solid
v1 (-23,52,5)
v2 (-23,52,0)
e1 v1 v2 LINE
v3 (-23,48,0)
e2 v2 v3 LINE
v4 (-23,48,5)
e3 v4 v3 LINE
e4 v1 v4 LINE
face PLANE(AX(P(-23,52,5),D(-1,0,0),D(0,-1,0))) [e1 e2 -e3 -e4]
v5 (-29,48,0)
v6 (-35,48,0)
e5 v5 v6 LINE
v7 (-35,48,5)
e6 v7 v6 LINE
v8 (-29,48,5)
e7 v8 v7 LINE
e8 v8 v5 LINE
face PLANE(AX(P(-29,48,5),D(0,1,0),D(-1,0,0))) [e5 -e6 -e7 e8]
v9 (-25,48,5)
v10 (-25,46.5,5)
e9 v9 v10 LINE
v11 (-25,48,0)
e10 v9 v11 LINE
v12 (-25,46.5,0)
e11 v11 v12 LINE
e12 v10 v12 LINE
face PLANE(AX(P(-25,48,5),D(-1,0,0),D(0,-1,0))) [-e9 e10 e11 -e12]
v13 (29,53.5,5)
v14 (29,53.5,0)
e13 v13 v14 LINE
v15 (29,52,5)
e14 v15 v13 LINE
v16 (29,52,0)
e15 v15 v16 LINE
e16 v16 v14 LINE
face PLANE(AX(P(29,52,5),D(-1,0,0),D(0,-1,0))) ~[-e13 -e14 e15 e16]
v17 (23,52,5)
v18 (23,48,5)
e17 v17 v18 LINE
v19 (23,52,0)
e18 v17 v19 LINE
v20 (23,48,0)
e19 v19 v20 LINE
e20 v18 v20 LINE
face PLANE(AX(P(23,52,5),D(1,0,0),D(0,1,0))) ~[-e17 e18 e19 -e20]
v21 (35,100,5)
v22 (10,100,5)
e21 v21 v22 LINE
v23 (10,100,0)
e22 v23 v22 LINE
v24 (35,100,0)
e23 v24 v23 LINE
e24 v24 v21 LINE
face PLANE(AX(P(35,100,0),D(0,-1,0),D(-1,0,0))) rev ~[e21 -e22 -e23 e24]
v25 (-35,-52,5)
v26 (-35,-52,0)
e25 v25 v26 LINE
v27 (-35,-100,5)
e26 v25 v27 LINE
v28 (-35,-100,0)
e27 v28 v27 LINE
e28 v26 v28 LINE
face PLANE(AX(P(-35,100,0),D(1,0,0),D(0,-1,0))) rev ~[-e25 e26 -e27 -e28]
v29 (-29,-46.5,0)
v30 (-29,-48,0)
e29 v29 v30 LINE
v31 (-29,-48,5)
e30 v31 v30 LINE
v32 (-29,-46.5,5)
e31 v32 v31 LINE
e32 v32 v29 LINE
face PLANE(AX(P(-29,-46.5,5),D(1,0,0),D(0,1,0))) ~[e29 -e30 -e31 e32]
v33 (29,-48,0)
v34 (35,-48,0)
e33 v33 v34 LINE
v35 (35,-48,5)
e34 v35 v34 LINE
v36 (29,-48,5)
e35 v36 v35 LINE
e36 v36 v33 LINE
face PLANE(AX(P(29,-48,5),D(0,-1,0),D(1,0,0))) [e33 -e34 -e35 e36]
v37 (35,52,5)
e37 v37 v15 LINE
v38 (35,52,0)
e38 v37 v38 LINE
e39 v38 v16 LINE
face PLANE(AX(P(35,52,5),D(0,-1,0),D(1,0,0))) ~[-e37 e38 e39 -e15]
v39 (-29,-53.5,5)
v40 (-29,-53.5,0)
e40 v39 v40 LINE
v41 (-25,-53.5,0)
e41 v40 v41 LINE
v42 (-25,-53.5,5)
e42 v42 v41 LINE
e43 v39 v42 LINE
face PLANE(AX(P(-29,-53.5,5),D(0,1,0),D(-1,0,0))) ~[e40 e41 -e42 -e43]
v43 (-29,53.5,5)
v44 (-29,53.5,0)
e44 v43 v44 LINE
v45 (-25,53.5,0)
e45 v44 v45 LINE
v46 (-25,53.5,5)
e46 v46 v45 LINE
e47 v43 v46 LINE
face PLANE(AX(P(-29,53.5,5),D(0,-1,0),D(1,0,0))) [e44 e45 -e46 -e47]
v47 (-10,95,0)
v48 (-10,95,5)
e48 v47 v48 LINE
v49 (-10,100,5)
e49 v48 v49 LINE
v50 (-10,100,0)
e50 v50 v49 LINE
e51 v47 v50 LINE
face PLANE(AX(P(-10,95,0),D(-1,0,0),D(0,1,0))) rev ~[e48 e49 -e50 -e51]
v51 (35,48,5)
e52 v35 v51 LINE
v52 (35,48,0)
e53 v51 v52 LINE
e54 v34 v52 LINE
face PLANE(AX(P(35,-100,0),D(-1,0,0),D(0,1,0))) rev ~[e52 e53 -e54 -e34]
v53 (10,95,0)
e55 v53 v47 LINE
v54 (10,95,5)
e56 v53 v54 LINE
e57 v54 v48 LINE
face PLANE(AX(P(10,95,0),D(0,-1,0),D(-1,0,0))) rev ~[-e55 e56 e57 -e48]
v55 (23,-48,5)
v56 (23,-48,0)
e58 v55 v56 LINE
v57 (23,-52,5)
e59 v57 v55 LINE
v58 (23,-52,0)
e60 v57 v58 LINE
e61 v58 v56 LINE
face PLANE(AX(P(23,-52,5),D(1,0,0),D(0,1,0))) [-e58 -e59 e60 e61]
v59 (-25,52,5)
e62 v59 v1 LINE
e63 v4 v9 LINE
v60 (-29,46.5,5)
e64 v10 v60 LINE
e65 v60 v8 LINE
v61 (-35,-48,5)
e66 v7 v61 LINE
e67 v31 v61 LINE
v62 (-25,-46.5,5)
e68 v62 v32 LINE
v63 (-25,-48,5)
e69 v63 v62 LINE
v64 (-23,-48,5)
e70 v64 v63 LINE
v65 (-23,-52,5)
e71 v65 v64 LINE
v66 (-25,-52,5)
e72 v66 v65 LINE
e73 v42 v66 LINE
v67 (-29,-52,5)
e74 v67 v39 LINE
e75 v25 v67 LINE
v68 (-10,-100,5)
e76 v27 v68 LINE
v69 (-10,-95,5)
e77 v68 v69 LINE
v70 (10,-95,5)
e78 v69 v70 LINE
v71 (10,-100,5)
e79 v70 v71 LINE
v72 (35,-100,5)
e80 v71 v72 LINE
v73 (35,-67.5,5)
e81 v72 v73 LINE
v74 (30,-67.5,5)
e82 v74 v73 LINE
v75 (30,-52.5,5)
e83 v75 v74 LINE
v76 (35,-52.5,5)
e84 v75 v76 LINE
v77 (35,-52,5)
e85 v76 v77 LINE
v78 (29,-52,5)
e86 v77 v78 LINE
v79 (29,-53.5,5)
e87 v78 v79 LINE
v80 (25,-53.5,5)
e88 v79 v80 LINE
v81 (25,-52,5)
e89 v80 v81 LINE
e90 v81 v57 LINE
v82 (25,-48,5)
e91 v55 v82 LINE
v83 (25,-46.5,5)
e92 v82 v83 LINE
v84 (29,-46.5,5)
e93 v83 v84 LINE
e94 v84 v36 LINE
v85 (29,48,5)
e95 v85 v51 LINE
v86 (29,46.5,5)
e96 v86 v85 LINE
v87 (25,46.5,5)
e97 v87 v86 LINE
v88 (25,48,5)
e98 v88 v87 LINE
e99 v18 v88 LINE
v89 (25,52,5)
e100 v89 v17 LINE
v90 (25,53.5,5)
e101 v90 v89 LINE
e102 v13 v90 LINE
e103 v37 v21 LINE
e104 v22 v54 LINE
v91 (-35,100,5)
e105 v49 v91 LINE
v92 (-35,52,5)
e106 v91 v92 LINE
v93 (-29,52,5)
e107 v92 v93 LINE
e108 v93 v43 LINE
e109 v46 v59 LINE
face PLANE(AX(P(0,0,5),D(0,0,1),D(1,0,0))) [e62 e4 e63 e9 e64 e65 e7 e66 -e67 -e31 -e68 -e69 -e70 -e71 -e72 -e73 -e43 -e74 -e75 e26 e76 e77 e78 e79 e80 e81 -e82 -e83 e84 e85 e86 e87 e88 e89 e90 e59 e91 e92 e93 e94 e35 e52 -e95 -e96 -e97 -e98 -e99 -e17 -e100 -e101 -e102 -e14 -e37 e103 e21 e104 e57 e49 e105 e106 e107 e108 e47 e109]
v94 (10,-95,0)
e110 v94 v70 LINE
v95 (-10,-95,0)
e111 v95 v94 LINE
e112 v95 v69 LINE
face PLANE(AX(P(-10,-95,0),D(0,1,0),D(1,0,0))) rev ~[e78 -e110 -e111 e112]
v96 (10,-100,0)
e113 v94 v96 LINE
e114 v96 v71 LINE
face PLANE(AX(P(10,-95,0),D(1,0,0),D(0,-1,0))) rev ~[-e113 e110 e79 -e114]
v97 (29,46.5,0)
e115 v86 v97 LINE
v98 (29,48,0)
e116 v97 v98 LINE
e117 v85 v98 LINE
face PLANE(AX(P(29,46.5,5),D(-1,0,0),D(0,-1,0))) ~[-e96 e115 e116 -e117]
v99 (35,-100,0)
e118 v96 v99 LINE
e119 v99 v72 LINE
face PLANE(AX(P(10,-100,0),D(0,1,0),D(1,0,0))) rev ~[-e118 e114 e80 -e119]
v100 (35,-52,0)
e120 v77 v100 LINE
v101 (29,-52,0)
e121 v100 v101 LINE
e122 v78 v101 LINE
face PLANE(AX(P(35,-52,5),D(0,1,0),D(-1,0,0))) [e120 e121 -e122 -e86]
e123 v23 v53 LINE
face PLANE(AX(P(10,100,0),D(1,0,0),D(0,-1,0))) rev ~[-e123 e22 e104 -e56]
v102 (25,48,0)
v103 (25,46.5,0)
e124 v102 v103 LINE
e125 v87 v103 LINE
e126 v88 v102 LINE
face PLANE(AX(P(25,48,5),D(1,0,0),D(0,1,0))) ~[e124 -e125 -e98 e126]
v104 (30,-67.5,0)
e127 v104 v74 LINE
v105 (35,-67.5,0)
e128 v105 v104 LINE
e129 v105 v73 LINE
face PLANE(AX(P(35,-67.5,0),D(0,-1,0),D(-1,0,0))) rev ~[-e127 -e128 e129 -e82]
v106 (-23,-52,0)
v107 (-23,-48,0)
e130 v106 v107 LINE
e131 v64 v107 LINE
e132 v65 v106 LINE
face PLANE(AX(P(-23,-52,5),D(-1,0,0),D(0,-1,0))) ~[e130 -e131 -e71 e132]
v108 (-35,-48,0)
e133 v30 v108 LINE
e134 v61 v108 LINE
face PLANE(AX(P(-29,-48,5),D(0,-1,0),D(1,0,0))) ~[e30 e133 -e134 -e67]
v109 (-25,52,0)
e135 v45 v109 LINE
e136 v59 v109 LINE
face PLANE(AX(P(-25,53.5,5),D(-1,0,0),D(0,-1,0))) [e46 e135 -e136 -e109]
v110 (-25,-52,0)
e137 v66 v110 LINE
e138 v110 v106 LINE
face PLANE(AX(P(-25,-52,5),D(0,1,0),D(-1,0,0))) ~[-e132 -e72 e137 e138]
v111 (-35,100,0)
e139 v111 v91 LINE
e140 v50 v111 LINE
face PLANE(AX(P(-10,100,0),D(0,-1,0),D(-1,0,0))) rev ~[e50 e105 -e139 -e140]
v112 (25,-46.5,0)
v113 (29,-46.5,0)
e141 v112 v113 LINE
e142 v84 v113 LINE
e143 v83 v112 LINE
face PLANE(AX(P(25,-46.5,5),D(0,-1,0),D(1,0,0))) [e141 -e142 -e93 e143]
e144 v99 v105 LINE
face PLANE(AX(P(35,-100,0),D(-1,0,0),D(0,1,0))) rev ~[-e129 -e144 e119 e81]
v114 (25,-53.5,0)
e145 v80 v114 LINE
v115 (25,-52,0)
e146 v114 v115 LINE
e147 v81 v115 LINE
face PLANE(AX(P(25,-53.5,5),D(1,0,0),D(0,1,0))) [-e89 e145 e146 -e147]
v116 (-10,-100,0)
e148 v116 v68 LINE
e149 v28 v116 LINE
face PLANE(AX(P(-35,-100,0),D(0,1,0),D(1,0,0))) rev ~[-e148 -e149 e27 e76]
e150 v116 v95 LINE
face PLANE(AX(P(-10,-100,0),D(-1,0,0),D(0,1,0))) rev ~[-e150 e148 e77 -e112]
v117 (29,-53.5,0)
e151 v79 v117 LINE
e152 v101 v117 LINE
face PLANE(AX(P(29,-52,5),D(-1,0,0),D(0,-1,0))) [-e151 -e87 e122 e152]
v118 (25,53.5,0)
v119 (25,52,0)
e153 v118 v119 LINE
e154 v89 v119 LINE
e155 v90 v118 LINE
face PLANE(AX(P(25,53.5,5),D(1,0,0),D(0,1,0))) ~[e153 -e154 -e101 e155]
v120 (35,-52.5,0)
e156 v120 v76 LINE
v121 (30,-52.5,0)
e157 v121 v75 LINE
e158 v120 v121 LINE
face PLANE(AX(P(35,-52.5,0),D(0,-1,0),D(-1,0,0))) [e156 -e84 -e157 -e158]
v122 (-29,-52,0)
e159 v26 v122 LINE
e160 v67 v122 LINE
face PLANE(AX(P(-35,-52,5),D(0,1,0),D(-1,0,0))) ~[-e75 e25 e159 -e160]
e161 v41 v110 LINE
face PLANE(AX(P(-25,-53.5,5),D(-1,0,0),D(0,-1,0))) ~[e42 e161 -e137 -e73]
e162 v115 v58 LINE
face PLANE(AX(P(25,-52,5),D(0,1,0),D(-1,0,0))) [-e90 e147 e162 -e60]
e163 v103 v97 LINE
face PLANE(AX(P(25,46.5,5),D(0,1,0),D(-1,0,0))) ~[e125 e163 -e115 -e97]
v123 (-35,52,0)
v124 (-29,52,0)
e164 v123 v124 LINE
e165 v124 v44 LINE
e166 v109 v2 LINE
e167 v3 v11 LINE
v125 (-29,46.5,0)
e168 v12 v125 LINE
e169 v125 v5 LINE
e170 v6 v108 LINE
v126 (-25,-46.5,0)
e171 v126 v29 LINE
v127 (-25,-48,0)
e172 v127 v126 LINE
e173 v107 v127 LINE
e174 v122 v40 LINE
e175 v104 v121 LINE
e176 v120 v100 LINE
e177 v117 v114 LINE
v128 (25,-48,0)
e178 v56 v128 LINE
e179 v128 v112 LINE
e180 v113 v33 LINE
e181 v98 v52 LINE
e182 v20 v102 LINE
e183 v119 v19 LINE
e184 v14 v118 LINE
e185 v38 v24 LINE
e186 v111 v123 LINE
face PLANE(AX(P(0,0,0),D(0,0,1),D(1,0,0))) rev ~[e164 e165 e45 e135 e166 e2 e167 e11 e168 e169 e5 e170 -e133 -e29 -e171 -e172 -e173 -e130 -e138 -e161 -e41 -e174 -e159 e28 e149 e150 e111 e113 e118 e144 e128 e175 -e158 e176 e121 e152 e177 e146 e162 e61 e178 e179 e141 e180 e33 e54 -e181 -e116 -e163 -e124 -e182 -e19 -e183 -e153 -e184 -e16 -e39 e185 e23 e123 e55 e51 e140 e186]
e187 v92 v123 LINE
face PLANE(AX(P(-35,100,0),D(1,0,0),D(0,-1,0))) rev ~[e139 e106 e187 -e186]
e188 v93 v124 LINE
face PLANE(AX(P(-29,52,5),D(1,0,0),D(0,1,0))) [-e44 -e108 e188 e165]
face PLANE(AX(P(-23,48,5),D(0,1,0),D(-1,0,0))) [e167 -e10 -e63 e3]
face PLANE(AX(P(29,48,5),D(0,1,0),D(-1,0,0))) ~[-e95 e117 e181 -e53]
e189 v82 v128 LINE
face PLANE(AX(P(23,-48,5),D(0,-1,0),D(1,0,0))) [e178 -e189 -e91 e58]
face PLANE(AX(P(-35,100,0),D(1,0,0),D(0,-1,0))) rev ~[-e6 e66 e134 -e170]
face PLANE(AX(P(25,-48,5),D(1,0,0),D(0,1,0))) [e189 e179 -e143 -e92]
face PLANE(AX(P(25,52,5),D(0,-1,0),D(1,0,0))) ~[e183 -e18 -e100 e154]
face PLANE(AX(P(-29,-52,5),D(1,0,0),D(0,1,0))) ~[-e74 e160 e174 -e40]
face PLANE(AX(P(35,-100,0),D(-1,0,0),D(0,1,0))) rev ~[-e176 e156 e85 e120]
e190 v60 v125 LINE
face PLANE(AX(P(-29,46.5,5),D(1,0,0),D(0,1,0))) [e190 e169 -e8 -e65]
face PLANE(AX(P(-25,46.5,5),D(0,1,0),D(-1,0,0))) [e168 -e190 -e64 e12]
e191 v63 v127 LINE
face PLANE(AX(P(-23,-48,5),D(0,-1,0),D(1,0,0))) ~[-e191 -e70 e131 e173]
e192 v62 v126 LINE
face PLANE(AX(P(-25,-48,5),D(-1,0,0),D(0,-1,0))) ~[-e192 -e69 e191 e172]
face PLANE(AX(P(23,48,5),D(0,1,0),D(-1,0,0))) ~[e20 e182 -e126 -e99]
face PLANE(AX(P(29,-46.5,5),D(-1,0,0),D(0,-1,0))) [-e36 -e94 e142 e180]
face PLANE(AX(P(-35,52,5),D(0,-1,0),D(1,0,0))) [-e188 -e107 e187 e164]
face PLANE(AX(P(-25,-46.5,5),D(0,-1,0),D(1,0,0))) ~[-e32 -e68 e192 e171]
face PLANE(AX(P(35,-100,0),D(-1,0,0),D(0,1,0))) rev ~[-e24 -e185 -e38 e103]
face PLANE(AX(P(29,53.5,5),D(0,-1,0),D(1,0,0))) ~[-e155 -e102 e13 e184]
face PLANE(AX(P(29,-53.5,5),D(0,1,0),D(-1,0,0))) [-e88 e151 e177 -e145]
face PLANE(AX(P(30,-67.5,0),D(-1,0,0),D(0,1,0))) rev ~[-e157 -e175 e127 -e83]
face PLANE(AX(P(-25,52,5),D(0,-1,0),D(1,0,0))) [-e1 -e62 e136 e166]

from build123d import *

# Parameters (mm, degrees)
BOSS_EXTRUDE1_DEPTH  = 5
CUT_EXTRUDE1_DEPTH   = 10
MIRROR2_COPY_1_DEPTH = 10
SKETCH4_W            = 5
SKETCH4_H            = 15
CUT_EXTRUDE2_DEPTH   = 10


with BuildPart() as part:
    # Sketch2 → Boss-Extrude1 (new body)
    with BuildSketch(Plane.XY):
        Polygon((-10, 100), (-35, 100), (-35, -100), (-10, -100), (-10, -95), (10, -95), (10, -100), (35, -100), (35, 100), (10, 100), (10, 95), (-10, 95), align=None)
    extrude(amount=BOSS_EXTRUDE1_DEPTH)

    # Sketch3 → Cut-Extrude1 (cut)
    with BuildSketch(Plane.XY.offset(5)):
        Polygon((35, -52), (29, -52), (29, -53.5), (25, -53.5), (25, -52), (23, -52), (23, -48), (25, -48), (25, -46.5), (29, -46.5), (29, -48), (35, -48), align=None)
    cut_extrude1 = extrude(amount=-CUT_EXTRUDE1_DEPTH, mode=Mode.SUBTRACT)

    # Mirror1: Cut-Extrude1 across plane
    add(cut_extrude1.mirror(Plane.ZX), mode=Mode.SUBTRACT)

    # Mirror2: Cut-Extrude1 across plane
    add(cut_extrude1.mirror(Plane(origin=(0, 0, 0), x_dir=(0, 0, 1), z_dir=(1, 0, 0))), mode=Mode.SUBTRACT)

    # Mirror2 copy 1 sketch → Mirror2 copy 1 (cut)
    with BuildSketch(Plane(origin=(0, 0, 5), x_dir=(-1, 0, 0), z_dir=(0, 0, 1))):
        Polygon((35, -52), (29, -52), (29, -53.5), (25, -53.5), (25, -52), (23, -52), (23, -48), (25, -48), (25, -46.5), (29, -46.5), (29, -48), (35, -48), align=None)
    extrude(amount=-MIRROR2_COPY_1_DEPTH, mode=Mode.SUBTRACT)

    # Sketch4 → Cut-Extrude2 (cut)
    with BuildSketch(Plane(origin=(0, 0, 0), x_dir=(-1, 0, 0), z_dir=(0, 0, -1))):
        with Locations((-32.5, -60)):
            Rectangle(SKETCH4_W, SKETCH4_H)
    extrude(amount=-CUT_EXTRUDE2_DEPTH, mode=Mode.SUBTRACT)


solid = part.part
